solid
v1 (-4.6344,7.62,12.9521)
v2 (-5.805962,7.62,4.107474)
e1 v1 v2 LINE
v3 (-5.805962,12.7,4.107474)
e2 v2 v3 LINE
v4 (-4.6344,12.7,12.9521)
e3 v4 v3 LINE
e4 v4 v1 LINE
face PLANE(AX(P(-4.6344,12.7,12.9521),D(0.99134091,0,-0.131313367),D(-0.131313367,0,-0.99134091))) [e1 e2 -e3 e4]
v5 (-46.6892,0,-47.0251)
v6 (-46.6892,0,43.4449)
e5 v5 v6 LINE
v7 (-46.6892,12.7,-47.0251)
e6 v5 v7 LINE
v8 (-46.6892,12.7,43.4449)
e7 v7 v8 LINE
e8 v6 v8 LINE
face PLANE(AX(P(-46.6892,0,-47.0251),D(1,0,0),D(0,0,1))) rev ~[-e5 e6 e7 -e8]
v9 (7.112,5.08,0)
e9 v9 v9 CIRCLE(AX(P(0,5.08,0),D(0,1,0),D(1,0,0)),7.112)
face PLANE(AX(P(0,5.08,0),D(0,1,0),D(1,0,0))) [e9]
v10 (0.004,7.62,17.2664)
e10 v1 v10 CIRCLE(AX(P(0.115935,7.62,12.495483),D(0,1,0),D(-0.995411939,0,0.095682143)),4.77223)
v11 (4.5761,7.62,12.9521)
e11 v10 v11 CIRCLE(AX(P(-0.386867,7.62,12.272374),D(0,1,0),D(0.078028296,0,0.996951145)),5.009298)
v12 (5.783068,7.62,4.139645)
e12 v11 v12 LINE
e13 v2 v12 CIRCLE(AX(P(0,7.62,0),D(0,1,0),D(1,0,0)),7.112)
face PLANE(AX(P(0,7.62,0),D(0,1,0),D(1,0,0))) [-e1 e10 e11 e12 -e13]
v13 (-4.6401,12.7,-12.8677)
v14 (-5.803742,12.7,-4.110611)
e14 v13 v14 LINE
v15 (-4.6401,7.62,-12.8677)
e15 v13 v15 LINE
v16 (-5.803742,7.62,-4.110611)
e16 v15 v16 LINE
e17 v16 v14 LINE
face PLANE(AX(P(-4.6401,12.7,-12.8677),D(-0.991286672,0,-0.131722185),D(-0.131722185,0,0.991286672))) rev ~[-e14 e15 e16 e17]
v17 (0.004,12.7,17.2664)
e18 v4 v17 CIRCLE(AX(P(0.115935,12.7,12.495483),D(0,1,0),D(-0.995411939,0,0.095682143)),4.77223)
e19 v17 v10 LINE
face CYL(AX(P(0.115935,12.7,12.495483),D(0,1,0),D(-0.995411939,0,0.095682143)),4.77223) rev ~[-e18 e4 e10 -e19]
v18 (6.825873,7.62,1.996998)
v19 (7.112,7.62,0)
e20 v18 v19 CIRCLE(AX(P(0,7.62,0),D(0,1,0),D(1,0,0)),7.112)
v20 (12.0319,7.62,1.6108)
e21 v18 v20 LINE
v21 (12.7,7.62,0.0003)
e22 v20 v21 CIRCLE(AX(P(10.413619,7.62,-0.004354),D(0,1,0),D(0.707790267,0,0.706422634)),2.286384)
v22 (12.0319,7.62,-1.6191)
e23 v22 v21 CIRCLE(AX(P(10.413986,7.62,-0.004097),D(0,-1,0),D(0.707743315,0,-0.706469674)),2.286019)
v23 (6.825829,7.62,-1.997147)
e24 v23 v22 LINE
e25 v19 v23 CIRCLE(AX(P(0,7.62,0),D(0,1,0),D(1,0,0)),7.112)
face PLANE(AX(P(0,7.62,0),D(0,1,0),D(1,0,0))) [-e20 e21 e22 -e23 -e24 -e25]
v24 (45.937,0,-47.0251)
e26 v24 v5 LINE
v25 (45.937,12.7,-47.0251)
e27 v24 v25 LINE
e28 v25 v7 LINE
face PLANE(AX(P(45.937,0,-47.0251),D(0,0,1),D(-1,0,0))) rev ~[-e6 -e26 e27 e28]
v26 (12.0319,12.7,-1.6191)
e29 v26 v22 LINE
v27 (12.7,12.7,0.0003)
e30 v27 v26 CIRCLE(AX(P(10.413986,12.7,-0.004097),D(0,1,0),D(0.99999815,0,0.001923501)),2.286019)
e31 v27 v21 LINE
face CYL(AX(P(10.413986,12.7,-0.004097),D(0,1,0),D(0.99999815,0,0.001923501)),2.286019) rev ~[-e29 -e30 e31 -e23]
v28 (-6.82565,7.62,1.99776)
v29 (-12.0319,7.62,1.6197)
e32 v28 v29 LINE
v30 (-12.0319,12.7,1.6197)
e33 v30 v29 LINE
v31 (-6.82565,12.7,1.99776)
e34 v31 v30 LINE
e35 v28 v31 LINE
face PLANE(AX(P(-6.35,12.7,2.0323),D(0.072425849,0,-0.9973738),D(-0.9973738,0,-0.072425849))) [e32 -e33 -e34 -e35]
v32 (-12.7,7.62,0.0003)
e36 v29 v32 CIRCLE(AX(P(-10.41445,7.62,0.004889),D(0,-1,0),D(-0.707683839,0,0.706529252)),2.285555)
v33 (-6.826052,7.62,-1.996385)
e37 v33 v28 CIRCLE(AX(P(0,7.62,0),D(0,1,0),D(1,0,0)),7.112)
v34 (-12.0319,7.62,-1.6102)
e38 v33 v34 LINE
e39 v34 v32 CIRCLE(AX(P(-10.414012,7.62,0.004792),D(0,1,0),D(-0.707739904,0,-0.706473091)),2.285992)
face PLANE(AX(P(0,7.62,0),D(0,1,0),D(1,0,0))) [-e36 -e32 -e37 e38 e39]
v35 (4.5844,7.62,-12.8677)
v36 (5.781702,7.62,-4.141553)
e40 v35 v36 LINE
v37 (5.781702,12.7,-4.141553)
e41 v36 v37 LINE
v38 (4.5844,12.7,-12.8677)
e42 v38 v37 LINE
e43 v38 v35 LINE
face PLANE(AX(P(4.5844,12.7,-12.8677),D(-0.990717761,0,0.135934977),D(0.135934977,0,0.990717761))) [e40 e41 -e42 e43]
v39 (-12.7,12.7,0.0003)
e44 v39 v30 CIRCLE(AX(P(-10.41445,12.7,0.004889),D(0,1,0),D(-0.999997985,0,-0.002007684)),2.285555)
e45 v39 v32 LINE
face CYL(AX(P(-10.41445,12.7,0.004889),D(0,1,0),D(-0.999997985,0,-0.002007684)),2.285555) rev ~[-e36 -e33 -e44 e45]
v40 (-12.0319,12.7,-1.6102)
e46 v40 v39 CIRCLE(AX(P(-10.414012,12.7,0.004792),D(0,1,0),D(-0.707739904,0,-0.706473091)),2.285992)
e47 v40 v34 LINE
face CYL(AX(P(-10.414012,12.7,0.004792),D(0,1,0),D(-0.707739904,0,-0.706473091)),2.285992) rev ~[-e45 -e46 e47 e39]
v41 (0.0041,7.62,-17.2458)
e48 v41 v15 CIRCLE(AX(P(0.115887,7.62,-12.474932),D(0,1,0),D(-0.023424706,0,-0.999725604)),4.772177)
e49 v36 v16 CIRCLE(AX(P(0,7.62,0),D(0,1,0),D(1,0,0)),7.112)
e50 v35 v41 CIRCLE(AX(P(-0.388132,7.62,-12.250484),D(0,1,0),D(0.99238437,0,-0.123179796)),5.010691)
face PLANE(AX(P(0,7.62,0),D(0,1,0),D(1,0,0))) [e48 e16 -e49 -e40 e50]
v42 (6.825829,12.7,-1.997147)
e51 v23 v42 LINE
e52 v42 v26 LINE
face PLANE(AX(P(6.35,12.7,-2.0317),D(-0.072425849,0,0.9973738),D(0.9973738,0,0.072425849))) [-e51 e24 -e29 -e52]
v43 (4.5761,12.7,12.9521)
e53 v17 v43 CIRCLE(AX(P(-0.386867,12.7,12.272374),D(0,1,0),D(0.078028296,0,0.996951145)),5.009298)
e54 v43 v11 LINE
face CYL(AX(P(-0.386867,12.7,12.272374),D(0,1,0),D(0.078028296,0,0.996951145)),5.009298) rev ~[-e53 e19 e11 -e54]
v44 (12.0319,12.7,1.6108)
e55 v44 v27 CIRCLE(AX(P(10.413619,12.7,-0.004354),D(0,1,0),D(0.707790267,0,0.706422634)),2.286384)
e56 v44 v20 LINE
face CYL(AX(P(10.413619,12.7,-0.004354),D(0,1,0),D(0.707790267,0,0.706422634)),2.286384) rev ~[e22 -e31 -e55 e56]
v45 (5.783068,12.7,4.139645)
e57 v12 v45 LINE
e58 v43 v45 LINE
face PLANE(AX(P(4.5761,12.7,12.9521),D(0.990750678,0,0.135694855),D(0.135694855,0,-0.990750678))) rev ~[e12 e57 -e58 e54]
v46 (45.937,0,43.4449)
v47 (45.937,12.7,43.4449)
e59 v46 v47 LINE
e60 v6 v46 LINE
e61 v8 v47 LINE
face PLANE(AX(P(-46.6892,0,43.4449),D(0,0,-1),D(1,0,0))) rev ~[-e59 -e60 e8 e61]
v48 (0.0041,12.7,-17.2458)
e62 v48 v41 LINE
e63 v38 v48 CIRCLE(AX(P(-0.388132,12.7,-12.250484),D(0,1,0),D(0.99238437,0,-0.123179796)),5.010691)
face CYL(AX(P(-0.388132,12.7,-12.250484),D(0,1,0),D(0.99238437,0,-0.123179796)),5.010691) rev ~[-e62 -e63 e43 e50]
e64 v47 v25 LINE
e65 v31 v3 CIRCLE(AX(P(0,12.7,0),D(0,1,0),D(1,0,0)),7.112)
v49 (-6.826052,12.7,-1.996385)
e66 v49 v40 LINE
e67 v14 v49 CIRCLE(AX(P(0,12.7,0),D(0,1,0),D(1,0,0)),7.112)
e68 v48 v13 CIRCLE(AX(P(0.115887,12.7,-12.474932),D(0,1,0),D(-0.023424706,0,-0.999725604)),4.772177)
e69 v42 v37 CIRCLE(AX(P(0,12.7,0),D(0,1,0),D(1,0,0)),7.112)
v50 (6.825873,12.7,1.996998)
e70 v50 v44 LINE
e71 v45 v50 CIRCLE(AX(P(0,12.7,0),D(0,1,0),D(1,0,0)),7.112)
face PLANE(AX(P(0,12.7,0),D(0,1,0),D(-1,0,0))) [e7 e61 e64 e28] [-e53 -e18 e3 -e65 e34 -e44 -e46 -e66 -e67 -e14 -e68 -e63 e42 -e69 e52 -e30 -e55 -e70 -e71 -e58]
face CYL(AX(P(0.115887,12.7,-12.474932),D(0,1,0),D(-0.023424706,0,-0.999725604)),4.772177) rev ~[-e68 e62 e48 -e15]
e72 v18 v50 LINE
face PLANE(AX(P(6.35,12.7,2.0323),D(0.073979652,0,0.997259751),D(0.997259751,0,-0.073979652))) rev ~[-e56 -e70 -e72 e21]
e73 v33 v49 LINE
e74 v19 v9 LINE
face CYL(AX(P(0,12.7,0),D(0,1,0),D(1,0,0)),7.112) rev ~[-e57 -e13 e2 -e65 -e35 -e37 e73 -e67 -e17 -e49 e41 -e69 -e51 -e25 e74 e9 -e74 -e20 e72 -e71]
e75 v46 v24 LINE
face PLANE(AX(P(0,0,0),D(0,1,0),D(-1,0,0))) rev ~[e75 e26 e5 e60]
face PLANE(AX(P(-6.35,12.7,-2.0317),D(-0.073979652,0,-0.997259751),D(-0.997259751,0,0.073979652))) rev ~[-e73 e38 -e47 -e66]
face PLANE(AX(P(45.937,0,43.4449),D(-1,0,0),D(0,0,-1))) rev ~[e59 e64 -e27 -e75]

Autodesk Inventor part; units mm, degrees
ref_plane "YZ Plane" through (0, 0, 0) normal (1, 0, 0) x (0, 1, 0)
ref_plane "XZ Plane" through (0, 0, 0) normal (0, 1, 0) x (-1, 0, 0)
ref_plane "XY Plane" through (0, 0, 0) normal (0, 0, 1) x (1, 0, 0)
sketch "Sketch1" plane through (0, 0, 0) normal (0, 1, 0) x (-1, 0, 0)
  line L0 (46.6892, 43.4449) -> (-45.937, 43.4449)
  line L1 (-45.937, 43.4449) -> (-45.937, -47.0251)
  line L2 (-45.937, -47.0251) -> (46.6892, -47.0251)
  line L3 (46.6892, -47.0251) -> (46.6892, 43.4449)
  point P0 (0, 0)
extrude "Extrusion1" add sketch "Sketch1" along normal blind 12.7
sketch "Sketch2" plane through (0, 12.7, 0) normal (0, 1, 0) x (1, 0, 0)
  line L0 (-4.6344, -12.9521) -> (-6.35, -0.0003)
  line L1 (-4.6344, -12.9521) -> (0.0041, -12.9521)
  line L2 (0.0041, -12.9521) -> (4.5761, -12.9521)
  line L3 (4.5761, -12.9521) -> (6.35, -0.0003)
  arc A0 (0.004, -17.2664) -> (4.5761, -12.9521) centre (-0.3869, -12.2723) ccw
  arc A1 (-4.6344, -12.9521) -> (0.004, -17.2664) centre (0.1159, -12.4955) ccw
  line L4 (-4.6401, 12.8677) -> (0.0124, 12.8677)
  line L5 (0.0124, 12.8677) -> (4.5844, 12.8677)
  arc A2 (0.0041, 17.2458) -> (-4.6401, 12.8677) centre (0.1159, 12.4749) ccw
  arc A3 (4.5844, 12.8677) -> (0.0041, 17.2458) centre (-0.3881, 12.2505) ccw
  line L6 (4.5844, 12.8677) -> (6.35, -0.0003)
  line L7 (-4.6401, 12.8677) -> (-6.35, -0.0003)
  line L8 (-6.35, -0.0003) -> (-12.7, -0.0003)
  line L9 (6.35, -0.0003) -> (12.7, -0.0003)
  arc A4 (-12.7, -0.0003) -> (-12.0319, -1.6197) centre (-10.414, -0.0048) ccw
  line L10 (-6.35, -2.0323) -> (-12.0319, -1.6197)
  line L11 (-6.35, 2.0317) -> (-12.0319, 1.6102)
  arc A5 (-12.0319, 1.6102) -> (-12.7, -0.0092) centre (-10.414, -0.0048) ccw
  line L12 (-6.35, -2.0323) -> (-6.0808, -2.0323)
  line L13 (-6.35, 2.0317) -> (-6.08, 2.0317)
  line L14 (6.35, -0.0003) -> (12.7, -0.0003)
  arc A6 (12.7, -0.0003) -> (12.0319, 1.6191) centre (10.414, 0.0041) ccw
  line L15 (6.35, 2.0317) -> (12.0319, 1.6191)
  line L16 (6.35, -2.0323) -> (12.0319, -1.6108)
  arc A7 (12.0319, -1.6108) -> (12.7, 0.0085) centre (10.414, 0.0041) ccw
  line L17 (6.35, -2.0323) -> (6.0717, -2.0323)
  line L18 (6.35, 2.0317) -> (6.0712, 2.0317)
  point P0 (0, 0)
  point P1 (0.6686, -44.2967)
  point P2 (0.0037, 25.7566)
  point P3 (-0.0257, 7.5764)
  point P4 (0.0037, -0.0211)
  point P5 (12.0319, 1.6191)
  dimension "d12" = 4.572
  dimension "d16" = 4.572
  dimension "d20" = 2.032
  dimension "d21" = 2.032
  dimension "d22" = 2.286
  dimension "d25" = 2.032
extrude "Extrusion2" cut sketch "Sketch2" against normal blind 5.08
sketch "Sketch3" plane through (0, 12.7, 0) normal (0, 1, 0) x (1, 0, 0)
  circle A0 centre (0, 0) radius 7.112
  dimension "d30" = 14.224
extrude "Extrusion3" cut sketch "Sketch3" against normal blind 7.62
